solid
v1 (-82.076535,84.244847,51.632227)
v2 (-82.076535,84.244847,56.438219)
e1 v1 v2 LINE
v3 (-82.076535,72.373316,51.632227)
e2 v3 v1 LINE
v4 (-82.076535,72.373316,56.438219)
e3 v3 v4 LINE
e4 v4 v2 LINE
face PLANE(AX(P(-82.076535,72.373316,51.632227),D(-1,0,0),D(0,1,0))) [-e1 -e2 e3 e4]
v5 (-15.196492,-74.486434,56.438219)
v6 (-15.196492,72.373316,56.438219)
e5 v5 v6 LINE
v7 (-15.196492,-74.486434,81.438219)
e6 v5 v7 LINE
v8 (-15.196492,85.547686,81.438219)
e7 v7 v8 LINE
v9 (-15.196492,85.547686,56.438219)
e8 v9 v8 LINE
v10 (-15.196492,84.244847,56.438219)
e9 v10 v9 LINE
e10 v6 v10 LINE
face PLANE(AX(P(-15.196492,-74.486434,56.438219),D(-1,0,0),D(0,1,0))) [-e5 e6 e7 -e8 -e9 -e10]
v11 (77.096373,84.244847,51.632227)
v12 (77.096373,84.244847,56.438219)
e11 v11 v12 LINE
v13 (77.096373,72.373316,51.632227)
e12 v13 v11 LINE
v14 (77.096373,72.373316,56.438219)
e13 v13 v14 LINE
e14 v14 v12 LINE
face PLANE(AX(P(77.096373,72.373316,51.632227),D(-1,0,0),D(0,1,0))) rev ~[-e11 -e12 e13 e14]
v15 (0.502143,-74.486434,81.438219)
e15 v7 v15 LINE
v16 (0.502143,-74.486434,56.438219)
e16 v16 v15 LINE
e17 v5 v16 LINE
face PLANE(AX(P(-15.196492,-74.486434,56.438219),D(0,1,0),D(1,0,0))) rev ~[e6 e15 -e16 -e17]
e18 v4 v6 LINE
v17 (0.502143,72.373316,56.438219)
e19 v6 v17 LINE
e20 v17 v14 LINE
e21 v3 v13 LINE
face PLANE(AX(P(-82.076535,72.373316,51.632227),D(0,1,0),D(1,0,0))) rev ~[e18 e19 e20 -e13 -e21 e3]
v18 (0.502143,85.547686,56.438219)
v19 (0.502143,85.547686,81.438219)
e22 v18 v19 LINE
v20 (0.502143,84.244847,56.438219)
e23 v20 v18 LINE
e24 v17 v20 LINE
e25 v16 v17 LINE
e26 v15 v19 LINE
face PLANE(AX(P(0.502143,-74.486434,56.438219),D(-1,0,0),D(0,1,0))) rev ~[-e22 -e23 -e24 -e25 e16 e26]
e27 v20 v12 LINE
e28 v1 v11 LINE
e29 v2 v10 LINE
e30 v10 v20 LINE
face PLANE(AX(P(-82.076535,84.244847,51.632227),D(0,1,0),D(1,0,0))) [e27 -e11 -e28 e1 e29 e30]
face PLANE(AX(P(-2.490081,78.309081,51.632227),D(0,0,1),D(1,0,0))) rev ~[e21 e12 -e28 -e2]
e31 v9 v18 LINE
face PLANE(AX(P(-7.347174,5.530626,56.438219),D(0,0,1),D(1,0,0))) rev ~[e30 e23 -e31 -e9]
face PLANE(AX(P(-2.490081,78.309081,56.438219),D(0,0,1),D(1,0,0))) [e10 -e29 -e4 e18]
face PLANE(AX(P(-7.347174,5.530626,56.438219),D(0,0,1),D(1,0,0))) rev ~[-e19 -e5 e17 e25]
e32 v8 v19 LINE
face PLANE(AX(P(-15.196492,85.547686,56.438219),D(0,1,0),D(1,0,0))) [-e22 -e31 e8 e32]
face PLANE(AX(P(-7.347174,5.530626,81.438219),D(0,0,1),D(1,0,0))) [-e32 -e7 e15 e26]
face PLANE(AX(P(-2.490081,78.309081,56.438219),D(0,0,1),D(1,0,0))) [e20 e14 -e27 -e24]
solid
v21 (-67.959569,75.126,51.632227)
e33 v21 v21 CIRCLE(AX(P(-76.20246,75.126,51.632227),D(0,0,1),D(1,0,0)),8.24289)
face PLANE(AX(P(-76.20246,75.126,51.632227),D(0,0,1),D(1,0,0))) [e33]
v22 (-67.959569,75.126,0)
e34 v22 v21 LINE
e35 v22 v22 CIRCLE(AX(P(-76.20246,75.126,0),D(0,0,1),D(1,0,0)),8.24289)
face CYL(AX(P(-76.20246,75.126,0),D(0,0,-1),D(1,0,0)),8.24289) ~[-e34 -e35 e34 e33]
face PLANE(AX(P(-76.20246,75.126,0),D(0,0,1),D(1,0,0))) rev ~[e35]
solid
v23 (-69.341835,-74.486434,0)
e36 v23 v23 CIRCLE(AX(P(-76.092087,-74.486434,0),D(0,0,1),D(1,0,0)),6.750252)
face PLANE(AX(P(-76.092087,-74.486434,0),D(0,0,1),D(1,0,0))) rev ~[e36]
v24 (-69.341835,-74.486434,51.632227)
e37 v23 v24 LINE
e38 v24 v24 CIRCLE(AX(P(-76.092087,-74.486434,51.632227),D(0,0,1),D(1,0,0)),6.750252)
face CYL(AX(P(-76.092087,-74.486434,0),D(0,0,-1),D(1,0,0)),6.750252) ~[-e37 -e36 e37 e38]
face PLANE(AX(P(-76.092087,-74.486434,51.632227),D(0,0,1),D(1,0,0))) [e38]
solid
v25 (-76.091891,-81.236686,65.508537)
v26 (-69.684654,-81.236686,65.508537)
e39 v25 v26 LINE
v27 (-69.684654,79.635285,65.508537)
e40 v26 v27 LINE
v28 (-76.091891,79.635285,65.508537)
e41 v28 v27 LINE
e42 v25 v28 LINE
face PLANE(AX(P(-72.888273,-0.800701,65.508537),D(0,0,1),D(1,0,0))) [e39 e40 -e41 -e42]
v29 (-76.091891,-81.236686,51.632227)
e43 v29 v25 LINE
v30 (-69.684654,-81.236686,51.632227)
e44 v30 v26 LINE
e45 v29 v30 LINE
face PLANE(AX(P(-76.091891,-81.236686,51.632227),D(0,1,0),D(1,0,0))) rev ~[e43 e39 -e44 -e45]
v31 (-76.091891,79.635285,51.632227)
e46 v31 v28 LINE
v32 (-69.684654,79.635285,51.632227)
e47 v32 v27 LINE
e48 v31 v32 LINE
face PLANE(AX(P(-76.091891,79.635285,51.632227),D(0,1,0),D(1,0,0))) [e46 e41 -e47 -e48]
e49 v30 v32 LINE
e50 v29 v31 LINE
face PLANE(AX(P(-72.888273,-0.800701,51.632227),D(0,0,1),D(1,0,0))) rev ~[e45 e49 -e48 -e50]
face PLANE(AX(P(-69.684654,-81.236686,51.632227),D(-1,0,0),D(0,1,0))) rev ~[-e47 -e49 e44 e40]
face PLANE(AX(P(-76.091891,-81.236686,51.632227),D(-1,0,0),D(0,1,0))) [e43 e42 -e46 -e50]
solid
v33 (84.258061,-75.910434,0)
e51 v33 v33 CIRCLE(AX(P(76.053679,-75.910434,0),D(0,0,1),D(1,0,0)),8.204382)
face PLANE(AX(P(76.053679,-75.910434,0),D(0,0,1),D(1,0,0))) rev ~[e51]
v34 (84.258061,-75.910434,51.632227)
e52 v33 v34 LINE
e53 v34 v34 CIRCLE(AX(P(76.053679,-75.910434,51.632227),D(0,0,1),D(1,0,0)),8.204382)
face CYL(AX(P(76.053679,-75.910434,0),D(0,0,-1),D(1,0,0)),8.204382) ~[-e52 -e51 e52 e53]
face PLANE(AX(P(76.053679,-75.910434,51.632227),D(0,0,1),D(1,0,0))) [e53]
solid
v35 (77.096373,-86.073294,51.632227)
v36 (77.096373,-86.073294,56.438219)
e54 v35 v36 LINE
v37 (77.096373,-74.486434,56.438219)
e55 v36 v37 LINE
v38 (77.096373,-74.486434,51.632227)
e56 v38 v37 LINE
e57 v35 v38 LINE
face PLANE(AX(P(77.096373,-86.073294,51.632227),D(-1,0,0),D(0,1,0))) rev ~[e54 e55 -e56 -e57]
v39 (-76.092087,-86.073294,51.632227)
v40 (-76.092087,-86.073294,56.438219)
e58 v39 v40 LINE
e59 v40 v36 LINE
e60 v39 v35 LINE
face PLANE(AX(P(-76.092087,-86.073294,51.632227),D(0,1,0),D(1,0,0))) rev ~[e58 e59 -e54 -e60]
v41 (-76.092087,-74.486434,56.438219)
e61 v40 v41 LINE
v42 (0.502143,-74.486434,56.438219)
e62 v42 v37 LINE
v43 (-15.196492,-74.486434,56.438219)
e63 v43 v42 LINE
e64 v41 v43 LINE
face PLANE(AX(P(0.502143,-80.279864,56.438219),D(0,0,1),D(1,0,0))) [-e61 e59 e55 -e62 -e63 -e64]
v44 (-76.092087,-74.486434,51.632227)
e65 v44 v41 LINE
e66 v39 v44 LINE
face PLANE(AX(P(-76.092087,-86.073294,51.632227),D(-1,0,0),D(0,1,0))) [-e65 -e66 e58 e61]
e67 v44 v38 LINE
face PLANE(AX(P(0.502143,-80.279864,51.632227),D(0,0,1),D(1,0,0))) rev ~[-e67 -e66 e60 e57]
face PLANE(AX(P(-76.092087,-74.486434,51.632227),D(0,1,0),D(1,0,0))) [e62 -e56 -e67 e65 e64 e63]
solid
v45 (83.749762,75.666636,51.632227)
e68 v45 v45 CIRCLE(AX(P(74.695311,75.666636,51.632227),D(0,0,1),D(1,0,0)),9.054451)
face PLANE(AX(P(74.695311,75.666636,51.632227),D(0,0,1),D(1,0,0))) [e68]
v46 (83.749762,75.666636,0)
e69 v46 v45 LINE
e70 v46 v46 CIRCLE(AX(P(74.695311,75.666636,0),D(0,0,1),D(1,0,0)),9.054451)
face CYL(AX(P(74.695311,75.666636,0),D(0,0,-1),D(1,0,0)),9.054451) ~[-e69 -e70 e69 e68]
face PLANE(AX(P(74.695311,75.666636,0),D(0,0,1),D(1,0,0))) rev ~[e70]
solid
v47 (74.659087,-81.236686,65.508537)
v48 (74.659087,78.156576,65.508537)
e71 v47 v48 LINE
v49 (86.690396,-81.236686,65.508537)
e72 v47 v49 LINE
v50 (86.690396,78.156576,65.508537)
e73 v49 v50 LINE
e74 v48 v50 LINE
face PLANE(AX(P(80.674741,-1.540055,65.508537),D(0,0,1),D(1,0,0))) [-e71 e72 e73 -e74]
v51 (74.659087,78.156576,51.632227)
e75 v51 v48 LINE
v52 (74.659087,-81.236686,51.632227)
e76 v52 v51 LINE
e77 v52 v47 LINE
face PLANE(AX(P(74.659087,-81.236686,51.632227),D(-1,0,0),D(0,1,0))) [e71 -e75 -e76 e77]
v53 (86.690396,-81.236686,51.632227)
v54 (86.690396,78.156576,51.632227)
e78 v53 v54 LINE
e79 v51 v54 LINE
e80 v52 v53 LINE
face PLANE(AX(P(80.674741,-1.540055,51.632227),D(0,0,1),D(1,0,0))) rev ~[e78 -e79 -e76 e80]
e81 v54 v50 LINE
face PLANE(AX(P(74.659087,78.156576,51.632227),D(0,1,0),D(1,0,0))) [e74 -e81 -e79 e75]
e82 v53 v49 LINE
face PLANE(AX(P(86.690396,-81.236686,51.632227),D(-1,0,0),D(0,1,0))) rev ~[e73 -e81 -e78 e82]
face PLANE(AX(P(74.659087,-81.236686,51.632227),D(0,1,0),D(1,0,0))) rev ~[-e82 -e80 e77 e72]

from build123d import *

# Parameters (mm, degrees)
F0_R     = 6.7502519556
F1_DEPTH = 51.6322273761
F0_R_2   = 8.2428902102
F0_R_3   = 8.2043816193
F0_R_4   = 9.0544508345
F2_W     = 153.1884595752
F2_H     = 11.5868598223
F3_DEPTH = 4.8059914261
F2_W_2   = 159.1729074717
F2_H_2   = 11.8715316057
F4_W     = 6.4072363684
F4_H     = 160.8719712535
F5_DEPTH = 13.8763096184
F4_W_2   = 12.0313093066
F4_H_2   = 159.393261973
F6_W     = 15.6986350194
F6_H     = 160.0341200829
F7_DEPTH = 25


with BuildPart() as f1:
    # F0 (on Top) → F1 (new body)
    with BuildSketch(Plane.XY):
        with Locations((-76.0920867324, -74.4864344597)):
            Circle(F0_R)
    extrude(amount=F1_DEPTH)


with BuildPart() as f1b:
    # F0 (on Top) → F1, piece 2 (new body)
    with BuildSketch(Plane.XY):
        with Locations((-76.2024596334, 75.1259997487)):
            Circle(F0_R_2)
    extrude(amount=F1_DEPTH)


with BuildPart() as f1c:
    # F0 (on Top) → F1, piece 3 (new body)
    with BuildSketch(Plane.XY):
        with Locations((76.0536789894, -75.9104341269)):
            Circle(F0_R_3)
    extrude(amount=F1_DEPTH)


with BuildPart() as f1d:
    # F0 (on Top) → F1, piece 4 (new body)
    with BuildSketch(Plane.XY):
        with Locations((74.6953114867, 75.6666362286)):
            Circle(F0_R_4)
    extrude(amount=F1_DEPTH)


with BuildPart() as f3:
    # F2 (on face) → F3 (new body)
    with BuildSketch(Plane.XY.offset(51.6322273761)):
        with Locations((0.5021430552, -80.2798643708)):
            Rectangle(F2_W, F2_H)
    extrude(amount=F3_DEPTH)



with BuildPart() as f3b:
    # F2 (on face) → F3, piece 2 (new body)
    with BuildSketch(Plane.XY.offset(51.6322273761)):
        with Locations((-2.490080893, 78.3090814948)):
            Rectangle(F2_W_2, F2_H_2)
    extrude(amount=F3_DEPTH)


with BuildPart() as f5:
    # F4 (on face) → F5 (new body)
    with BuildSketch(Plane.XY.offset(51.6322273761)):
        with Locations((-72.8882726585, -0.8007007857)):
            Rectangle(F4_W, F4_H)
    extrude(amount=F5_DEPTH)


with BuildPart() as f5b:
    # F4 (on face) → F5, piece 2 (new body)
    with BuildSketch(Plane.XY.offset(51.6322273761)):
        with Locations((80.6747414172, -1.5400554259)):
            Rectangle(F4_W_2, F4_H_2)
    extrude(amount=F5_DEPTH)


with BuildPart() as f3_1:
    add(f3.part)

    add(f3b.part)  # F7 merges F3b
    # F6 (on face) → F7 (join)
    with BuildSketch(Plane.XY.offset(56.4382188022)):
        with Locations((-7.3471744545, 5.5306255817)):
            Rectangle(F6_W, F6_H)
    extrude(amount=F7_DEPTH)


solid = Compound([f1.part, f1b.part, f1c.part, f1d.part, f5.part, f5b.part, f3_1.part])
